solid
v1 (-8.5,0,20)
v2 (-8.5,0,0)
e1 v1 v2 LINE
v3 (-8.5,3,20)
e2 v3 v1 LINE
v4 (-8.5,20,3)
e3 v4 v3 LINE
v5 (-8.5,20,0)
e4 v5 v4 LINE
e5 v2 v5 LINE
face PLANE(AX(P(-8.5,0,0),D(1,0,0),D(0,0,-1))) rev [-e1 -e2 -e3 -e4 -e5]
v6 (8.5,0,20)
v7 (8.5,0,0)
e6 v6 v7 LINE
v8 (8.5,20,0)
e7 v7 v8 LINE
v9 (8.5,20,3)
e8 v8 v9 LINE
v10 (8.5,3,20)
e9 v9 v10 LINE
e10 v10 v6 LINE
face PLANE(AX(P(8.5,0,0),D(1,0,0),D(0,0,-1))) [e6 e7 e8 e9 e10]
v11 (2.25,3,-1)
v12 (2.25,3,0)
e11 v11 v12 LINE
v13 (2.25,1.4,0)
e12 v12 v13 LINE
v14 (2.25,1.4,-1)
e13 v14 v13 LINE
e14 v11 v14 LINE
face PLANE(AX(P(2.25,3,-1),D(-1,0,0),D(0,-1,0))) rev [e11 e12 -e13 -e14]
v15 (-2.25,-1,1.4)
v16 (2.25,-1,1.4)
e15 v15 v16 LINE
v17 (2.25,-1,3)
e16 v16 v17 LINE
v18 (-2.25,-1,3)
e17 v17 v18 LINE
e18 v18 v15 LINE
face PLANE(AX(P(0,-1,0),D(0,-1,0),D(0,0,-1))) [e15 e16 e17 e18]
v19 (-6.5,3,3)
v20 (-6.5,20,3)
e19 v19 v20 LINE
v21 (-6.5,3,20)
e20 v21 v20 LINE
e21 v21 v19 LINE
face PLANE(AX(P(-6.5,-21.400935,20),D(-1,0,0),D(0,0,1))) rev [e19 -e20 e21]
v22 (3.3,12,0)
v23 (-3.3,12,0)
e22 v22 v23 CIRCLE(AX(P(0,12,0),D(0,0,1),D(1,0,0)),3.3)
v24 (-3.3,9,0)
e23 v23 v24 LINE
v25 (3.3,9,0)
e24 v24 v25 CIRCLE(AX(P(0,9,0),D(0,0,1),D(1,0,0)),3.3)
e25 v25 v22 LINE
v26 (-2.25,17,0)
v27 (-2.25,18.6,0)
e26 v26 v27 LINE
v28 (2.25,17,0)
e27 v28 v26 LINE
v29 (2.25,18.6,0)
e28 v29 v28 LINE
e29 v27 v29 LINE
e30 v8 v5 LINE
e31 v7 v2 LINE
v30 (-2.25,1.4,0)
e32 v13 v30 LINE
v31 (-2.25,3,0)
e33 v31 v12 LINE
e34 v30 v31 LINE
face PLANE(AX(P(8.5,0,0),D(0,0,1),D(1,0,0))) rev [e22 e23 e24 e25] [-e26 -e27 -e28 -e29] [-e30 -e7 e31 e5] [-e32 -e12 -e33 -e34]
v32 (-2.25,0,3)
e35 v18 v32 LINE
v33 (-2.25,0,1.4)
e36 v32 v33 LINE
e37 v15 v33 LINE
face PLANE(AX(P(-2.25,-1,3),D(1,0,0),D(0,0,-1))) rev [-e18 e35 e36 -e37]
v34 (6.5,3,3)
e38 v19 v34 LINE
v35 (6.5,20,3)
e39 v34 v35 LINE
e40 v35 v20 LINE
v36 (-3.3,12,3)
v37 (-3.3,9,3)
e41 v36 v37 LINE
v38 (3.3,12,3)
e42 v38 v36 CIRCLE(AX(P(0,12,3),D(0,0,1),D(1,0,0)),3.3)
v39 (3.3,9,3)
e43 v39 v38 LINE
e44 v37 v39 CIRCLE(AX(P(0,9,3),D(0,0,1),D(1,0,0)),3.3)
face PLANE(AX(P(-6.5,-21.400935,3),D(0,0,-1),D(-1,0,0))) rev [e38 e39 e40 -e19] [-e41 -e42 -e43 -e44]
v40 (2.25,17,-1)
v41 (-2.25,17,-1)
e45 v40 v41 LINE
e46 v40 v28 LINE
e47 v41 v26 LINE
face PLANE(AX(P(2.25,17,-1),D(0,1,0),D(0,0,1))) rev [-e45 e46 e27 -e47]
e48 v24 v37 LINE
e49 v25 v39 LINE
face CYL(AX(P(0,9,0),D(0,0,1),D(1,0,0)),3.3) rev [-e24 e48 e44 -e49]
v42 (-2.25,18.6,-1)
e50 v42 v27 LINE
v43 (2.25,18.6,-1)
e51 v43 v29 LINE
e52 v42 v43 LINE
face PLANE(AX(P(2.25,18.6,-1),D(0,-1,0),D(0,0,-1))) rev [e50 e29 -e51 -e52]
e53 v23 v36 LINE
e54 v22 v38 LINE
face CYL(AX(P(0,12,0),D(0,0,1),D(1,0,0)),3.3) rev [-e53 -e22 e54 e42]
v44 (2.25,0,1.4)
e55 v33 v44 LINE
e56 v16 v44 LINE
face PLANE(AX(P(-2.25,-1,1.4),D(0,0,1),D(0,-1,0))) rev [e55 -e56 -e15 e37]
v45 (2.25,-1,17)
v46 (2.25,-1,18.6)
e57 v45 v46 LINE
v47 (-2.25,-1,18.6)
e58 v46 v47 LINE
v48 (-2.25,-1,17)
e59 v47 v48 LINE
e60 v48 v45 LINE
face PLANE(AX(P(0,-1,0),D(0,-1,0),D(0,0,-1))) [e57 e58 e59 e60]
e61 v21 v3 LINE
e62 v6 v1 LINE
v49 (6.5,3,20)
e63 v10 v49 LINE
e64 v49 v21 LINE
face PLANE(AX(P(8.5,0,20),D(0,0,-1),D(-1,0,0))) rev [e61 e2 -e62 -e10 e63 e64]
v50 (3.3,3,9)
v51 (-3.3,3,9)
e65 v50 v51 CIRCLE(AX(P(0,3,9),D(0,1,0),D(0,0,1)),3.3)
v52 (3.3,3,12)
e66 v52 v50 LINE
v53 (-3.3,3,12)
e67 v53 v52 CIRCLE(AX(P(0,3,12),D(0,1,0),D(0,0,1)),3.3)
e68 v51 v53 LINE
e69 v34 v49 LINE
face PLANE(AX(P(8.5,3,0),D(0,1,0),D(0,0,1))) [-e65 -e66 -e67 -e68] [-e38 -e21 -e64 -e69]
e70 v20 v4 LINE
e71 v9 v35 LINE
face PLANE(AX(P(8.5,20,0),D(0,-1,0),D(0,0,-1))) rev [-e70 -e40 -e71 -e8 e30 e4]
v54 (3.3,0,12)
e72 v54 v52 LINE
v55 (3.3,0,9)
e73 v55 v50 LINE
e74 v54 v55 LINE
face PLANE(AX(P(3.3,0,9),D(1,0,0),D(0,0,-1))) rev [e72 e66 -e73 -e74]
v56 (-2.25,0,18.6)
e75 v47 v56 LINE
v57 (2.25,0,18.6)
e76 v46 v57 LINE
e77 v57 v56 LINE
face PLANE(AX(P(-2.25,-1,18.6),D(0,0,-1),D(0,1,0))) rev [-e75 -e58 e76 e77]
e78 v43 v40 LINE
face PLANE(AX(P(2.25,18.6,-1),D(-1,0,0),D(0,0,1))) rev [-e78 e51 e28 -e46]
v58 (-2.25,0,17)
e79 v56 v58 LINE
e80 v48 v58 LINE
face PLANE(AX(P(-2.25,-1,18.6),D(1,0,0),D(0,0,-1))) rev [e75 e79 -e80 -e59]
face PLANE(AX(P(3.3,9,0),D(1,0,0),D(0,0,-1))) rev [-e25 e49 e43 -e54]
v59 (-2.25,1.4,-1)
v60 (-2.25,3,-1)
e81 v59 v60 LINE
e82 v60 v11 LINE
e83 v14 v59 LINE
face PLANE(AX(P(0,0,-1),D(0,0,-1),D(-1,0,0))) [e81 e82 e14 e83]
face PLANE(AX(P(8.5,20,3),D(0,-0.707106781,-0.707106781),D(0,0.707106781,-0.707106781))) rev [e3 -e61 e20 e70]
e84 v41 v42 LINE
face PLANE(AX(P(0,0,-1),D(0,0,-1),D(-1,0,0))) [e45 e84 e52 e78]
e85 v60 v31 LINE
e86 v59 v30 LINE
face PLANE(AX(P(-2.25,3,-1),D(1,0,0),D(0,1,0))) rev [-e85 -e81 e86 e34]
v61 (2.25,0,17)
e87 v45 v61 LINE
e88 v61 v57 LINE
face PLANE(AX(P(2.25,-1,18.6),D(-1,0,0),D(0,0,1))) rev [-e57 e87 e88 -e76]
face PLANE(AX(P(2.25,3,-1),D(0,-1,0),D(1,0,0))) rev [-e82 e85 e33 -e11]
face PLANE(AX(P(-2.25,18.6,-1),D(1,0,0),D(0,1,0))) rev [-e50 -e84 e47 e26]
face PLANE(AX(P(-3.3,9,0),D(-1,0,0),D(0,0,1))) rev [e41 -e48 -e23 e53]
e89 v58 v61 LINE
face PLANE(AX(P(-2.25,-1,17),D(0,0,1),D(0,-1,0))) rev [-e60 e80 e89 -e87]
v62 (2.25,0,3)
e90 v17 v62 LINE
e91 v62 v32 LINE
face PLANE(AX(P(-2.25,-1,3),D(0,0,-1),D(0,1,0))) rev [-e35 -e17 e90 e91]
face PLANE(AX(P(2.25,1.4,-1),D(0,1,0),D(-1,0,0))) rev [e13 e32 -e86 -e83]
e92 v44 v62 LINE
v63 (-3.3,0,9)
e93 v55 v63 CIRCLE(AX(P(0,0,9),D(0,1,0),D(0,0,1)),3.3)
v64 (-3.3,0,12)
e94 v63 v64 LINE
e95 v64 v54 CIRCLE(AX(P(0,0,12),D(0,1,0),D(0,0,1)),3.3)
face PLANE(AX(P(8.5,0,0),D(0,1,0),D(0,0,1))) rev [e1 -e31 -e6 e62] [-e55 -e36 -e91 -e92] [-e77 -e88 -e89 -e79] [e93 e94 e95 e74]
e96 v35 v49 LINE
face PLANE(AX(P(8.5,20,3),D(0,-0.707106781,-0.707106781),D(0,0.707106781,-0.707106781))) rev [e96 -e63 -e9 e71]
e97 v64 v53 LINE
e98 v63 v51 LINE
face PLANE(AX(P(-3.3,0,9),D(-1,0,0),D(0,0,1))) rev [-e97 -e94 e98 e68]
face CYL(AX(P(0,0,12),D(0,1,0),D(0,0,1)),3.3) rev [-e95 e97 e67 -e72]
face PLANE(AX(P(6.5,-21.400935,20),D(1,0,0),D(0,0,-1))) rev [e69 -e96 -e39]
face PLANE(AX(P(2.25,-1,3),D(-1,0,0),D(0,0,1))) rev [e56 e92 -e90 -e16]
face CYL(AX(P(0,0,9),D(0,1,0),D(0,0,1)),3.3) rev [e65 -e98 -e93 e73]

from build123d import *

# Parameters (mm, degrees)
SKETCH1_W           = 20
SKETCH1_H           = 20
BOSS_EXTRUDE1_DEPTH = 8.5
CUT_EXTRUDE1_DEPTH  = 34
SKETCH3_W           = 13
SKETCH3_H           = 17
CUT_EXTRUDE2_DEPTH  = 17
CUT_EXTRUDE4_DEPTH  = 28.590759323
CUT_EXTRUDE5_DEPTH  = 28.590759323
SKETCH7_W           = 4.5
SKETCH7_H           = 1.6
BOSS_EXTRUDE2_DEPTH = 1
SKETCH8_W           = 4.5
SKETCH8_H           = 1.6
BOSS_EXTRUDE3_DEPTH = 1


with BuildPart() as part:
    # Sketch1 → Boss-Extrude1 (new, symmetric)
    with BuildSketch(Plane(origin=(0, 0, 0), x_dir=(0, 0, -1), z_dir=(1, 0, 0))):
        with Locations((-10, 10)):
            Rectangle(SKETCH1_W, SKETCH1_H)
    extrude(amount=BOSS_EXTRUDE1_DEPTH, both=True)

    # Sketch2 → Cut-Extrude1 (cut, through all)
    with BuildSketch(Plane.ZY.offset(8.5)):
        Polygon((20, 20), (3, 20), (20, 3), align=None)
    extrude(amount=-CUT_EXTRUDE1_DEPTH, mode=Mode.SUBTRACT)

    # Sketch3 → Cut-Extrude2 (cut)
    with BuildSketch(Plane(origin=(0, 20, 0), x_dir=(1, 0, 0), z_dir=(0, 1, 0))):
        with Locations((0, -11.5)):
            Rectangle(SKETCH3_W, SKETCH3_H)
    extrude(amount=-CUT_EXTRUDE2_DEPTH, mode=Mode.SUBTRACT)

    # Sketch5 → Cut-Extrude4 (cut, through all)
    with BuildSketch(Plane.XY.offset(3)):
        with BuildLine():
            Line((-3.3, 9), (-3.3, 12))
            ThreePointArc((-3.3, 12), (0, 15.3), (3.3, 12))
            Line((3.3, 12), (3.3, 9))
            ThreePointArc((3.3, 9), (0, 5.7), (-3.3, 9))
        make_face()
    extrude(amount=-CUT_EXTRUDE4_DEPTH, mode=Mode.SUBTRACT)

    # Sketch6 → Cut-Extrude5 (cut, through all)
    with BuildSketch(Plane(origin=(0, 3, 0), x_dir=(1, 0, 0), z_dir=(0, 1, 0))):
        with BuildLine():
            Line((3.3, -9), (3.3, -12))
            ThreePointArc((3.3, -12), (0, -15.3), (-3.3, -12))
            Line((-3.3, -12), (-3.3, -9))
            ThreePointArc((-3.3, -9), (0, -5.7), (3.3, -9))
        make_face()
    extrude(amount=-CUT_EXTRUDE5_DEPTH, mode=Mode.SUBTRACT)

    # Sketch7 → Boss-Extrude2 (add)
    with BuildSketch(Plane(origin=(0, 0, 0), x_dir=(-1, 0, 0), z_dir=(0, 0, -1))):
        with Locations((0, 17.8)):
            Rectangle(SKETCH7_W, SKETCH7_H)
        with Locations((0, 2.2)):
            Rectangle(SKETCH7_W, SKETCH7_H)
    extrude(amount=BOSS_EXTRUDE2_DEPTH)

    # Sketch8 → Boss-Extrude3 (add)
    with BuildSketch(Plane.XZ):
        with Locations((0, 17.8)):
            Rectangle(SKETCH8_W, SKETCH8_H)
        with Locations((0, 2.2)):
            Rectangle(SKETCH8_W, SKETCH8_H)
    extrude(amount=BOSS_EXTRUDE3_DEPTH)


solid = part.part
